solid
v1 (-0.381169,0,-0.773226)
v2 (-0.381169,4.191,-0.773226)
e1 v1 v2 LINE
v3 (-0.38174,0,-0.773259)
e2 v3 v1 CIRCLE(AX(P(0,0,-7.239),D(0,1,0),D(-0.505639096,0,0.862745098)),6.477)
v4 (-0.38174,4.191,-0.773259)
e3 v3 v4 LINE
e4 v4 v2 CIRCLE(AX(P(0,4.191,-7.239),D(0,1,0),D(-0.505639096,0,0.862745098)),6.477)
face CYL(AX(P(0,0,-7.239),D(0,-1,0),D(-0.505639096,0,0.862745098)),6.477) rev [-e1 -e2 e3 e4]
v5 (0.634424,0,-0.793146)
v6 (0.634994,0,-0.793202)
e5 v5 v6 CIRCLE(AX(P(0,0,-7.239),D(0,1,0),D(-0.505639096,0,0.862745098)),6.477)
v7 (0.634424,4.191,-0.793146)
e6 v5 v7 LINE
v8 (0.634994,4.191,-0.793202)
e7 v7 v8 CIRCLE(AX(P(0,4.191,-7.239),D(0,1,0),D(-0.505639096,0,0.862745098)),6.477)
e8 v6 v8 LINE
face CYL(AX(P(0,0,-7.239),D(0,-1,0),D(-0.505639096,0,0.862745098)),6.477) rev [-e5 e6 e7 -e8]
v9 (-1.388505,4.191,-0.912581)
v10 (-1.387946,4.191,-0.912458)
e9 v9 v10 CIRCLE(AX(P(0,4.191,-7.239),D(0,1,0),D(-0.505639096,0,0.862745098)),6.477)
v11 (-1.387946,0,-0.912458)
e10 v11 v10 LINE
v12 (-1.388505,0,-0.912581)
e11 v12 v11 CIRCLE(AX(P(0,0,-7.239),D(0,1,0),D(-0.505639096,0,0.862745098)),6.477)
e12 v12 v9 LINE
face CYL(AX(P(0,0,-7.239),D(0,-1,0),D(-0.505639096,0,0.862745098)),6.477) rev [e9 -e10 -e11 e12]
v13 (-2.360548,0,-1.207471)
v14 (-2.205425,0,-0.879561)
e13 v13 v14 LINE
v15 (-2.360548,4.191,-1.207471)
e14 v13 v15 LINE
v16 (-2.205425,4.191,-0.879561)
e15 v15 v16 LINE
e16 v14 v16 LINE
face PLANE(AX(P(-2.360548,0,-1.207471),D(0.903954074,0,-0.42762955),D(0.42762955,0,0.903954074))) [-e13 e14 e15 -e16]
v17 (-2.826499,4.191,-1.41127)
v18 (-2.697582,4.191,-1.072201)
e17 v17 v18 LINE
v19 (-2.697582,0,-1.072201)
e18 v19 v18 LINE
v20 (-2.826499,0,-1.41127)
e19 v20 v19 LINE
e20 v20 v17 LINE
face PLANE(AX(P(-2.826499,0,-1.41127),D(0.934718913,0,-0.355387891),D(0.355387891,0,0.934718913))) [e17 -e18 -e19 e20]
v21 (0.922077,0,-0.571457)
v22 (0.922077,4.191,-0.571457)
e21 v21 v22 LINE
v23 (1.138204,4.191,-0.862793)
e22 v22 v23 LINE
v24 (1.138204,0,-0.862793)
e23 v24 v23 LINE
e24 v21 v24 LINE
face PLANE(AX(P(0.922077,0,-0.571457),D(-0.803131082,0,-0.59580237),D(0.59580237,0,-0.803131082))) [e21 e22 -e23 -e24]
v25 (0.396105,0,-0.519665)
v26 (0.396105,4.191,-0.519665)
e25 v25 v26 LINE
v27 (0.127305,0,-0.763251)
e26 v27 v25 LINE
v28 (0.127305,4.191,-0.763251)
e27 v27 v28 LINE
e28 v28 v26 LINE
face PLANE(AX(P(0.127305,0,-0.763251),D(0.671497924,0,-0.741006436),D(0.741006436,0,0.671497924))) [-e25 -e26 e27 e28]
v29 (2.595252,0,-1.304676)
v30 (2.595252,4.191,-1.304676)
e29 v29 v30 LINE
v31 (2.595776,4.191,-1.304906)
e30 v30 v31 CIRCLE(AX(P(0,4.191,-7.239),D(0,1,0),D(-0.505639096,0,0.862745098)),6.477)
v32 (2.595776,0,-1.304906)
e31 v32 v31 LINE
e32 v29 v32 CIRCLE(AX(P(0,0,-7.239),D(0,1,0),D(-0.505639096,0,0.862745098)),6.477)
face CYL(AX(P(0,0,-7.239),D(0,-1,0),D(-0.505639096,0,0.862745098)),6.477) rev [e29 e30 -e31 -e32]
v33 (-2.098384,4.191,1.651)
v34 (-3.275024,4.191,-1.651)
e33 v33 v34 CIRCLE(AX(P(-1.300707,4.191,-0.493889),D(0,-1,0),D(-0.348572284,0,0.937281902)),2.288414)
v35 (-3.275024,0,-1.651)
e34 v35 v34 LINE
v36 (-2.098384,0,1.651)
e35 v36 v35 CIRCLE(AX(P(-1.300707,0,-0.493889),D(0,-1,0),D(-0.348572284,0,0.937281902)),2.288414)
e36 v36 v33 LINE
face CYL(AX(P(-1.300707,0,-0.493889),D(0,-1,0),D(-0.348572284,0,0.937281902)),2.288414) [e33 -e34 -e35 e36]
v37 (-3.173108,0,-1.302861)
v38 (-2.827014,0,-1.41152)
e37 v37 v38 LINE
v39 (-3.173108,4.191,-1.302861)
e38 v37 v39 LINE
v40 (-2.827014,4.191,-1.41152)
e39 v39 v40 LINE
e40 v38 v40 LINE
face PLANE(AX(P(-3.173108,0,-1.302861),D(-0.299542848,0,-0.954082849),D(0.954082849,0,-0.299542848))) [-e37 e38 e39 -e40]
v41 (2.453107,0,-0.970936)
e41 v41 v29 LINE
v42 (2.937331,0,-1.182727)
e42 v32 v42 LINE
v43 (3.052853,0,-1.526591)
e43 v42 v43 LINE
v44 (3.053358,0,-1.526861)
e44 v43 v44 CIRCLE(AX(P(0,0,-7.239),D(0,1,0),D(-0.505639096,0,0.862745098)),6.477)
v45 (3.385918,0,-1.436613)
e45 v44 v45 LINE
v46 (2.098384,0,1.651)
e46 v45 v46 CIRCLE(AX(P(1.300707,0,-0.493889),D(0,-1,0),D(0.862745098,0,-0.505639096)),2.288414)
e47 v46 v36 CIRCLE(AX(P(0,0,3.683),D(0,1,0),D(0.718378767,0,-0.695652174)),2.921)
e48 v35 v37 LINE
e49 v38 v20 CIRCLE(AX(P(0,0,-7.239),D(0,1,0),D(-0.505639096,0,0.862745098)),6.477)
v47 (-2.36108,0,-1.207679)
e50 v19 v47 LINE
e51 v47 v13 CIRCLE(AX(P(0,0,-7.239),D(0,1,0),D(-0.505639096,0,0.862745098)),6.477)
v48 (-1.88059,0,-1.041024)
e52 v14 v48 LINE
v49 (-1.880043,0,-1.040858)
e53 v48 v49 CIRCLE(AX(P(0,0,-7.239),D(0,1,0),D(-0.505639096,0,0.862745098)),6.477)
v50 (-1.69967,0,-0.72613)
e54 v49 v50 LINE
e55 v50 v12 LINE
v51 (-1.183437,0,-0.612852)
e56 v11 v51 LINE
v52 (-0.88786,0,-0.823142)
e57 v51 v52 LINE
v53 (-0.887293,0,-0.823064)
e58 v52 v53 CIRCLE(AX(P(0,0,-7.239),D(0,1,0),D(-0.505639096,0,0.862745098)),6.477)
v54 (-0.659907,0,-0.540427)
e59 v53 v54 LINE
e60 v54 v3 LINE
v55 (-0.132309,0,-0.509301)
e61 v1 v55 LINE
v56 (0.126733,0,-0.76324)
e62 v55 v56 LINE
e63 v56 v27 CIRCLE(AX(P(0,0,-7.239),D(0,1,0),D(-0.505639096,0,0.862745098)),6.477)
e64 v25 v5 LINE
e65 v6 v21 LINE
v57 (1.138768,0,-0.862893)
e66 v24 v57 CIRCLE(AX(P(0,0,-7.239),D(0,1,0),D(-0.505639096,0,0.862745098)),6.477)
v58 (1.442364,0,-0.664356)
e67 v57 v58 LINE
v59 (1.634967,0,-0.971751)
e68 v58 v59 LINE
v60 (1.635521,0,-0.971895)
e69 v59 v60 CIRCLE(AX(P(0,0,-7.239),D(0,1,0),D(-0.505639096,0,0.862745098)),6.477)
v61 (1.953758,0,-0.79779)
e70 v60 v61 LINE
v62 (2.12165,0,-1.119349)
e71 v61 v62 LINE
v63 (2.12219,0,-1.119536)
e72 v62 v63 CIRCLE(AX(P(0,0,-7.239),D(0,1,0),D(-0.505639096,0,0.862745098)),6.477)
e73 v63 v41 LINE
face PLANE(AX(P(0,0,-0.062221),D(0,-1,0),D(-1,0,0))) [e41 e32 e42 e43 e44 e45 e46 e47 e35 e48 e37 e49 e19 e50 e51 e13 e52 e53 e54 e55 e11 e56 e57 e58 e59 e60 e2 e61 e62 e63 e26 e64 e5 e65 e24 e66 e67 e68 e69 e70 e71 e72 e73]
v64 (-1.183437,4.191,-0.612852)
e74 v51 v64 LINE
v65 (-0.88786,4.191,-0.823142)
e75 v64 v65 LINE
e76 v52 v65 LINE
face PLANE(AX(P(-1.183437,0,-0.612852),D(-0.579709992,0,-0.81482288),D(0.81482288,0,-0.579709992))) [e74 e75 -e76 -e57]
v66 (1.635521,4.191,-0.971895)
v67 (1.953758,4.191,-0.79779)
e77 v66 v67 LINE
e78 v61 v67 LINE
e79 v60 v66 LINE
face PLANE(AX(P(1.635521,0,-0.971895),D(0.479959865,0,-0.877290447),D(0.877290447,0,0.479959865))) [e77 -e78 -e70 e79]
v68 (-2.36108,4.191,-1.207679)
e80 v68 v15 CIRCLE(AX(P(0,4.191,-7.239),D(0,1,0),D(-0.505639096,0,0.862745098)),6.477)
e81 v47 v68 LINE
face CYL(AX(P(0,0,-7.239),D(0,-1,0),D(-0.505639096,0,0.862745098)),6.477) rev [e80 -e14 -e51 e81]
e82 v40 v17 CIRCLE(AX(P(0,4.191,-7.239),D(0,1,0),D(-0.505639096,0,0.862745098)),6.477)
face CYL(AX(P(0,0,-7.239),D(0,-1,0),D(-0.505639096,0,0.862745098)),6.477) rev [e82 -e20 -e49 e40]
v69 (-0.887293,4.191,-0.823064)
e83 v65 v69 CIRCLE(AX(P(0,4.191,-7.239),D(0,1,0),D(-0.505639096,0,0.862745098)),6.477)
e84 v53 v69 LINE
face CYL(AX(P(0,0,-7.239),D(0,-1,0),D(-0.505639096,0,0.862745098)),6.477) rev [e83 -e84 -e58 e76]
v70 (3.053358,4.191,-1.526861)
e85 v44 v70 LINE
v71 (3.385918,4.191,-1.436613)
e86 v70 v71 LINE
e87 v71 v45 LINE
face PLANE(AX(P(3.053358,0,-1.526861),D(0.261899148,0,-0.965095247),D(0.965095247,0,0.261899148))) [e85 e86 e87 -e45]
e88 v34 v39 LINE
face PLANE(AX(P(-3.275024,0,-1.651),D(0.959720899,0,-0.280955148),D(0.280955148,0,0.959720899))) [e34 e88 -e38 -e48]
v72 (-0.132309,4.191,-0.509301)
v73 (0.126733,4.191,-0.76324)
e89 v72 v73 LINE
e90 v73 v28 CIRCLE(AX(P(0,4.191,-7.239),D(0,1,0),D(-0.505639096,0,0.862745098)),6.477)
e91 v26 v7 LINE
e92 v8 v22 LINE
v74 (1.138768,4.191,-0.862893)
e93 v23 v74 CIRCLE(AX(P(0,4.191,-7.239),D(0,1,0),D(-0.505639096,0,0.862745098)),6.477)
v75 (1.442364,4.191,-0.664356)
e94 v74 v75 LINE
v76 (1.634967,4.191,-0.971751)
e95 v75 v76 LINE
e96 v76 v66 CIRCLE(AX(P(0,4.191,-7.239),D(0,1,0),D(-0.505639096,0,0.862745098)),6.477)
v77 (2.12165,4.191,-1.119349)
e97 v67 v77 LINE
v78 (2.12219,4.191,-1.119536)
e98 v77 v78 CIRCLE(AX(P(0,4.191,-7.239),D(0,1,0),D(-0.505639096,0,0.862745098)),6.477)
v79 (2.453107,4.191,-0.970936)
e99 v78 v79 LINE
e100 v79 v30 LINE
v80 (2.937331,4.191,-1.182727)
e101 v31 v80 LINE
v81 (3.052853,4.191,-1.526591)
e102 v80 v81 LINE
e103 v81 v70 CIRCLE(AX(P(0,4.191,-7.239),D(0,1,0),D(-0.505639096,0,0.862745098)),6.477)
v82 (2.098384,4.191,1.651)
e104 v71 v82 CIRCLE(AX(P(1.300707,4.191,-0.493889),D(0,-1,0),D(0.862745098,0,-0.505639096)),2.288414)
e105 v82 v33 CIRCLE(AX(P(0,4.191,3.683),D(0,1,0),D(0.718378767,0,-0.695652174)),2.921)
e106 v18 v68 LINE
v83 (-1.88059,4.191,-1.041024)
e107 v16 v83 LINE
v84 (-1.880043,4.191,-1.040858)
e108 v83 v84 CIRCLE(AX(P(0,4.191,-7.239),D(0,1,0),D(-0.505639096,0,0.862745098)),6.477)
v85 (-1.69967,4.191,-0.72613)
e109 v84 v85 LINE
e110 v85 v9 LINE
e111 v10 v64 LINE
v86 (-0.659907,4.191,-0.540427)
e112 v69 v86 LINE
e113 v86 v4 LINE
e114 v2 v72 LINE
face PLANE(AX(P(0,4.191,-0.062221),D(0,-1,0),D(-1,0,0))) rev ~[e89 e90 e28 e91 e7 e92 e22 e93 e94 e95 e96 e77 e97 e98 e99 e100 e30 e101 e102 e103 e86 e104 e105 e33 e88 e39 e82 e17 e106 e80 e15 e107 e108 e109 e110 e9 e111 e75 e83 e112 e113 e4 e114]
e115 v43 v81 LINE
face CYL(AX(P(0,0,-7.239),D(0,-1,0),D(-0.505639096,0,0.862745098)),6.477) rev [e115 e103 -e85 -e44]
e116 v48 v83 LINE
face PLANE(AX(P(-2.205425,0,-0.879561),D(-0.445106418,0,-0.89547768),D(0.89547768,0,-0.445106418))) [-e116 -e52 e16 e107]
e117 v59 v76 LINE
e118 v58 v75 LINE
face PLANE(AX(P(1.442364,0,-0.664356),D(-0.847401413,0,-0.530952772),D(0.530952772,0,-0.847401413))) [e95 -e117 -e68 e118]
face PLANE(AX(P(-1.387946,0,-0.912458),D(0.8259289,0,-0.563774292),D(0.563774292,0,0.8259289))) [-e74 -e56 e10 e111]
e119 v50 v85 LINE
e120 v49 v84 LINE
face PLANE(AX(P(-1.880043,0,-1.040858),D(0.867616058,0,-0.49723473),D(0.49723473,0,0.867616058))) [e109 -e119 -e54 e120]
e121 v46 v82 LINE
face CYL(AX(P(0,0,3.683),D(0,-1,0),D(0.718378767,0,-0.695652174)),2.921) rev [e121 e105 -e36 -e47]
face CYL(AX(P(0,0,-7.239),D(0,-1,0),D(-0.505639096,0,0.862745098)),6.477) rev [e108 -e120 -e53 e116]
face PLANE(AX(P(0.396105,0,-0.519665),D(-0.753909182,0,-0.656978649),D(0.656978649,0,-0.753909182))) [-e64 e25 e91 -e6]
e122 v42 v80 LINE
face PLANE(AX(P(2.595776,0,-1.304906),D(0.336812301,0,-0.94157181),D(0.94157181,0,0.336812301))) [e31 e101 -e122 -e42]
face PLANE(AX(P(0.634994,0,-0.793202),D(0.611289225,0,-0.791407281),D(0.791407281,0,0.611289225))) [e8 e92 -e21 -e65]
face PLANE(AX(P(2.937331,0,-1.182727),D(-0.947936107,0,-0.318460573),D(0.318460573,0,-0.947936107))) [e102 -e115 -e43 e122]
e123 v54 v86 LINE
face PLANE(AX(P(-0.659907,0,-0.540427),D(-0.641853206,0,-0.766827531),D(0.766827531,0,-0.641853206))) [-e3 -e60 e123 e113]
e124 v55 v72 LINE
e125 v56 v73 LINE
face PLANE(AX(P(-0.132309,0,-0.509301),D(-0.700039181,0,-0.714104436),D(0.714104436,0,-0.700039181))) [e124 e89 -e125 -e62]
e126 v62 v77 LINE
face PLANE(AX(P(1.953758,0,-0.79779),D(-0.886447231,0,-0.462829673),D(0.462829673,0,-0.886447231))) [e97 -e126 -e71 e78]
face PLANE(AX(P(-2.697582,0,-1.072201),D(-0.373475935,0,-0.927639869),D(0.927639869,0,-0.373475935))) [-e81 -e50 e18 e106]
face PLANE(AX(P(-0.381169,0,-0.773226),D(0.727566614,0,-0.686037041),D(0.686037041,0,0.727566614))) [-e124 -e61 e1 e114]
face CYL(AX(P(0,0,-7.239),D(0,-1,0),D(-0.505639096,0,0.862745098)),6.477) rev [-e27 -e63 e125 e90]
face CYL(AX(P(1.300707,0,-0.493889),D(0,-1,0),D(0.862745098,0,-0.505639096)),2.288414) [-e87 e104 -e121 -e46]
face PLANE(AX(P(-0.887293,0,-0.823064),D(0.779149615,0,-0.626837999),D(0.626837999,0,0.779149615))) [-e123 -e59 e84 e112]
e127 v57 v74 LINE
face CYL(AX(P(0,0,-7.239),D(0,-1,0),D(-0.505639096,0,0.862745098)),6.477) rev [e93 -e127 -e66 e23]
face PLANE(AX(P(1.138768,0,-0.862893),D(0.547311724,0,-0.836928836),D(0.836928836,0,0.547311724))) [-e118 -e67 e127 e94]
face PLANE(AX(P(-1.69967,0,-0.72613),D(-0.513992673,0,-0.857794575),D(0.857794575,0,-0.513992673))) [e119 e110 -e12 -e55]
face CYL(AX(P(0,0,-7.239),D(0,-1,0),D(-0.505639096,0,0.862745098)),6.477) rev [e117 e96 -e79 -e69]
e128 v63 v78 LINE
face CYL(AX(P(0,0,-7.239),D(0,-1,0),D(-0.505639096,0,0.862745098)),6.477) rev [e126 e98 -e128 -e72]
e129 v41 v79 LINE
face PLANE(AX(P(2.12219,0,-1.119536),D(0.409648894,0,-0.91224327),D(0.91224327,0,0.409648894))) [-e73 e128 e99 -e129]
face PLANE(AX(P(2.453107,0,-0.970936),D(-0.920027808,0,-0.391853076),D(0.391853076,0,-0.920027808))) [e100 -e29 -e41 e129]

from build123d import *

# Parameters (mm, degrees)
BOSS_EXTRUDE1_DEPTH = 4.191
CUT_EXTRUDE1_START  = -4.191
CUT_EXTRUDE1_DEPTH  = 4.191
CIRPATTERN1_COUNT   = 15
CIRPATTERN1_ANGLE   = 63


with BuildPart() as part:
    # Sketch1 → Boss-Extrude1 (new body)
    with BuildSketch(Plane(origin=(0, 0, 0), x_dir=(1, 0, 0), z_dir=(0, 1, 0))):
        with BuildLine():
            ThreePointArc((-3.275024427, 1.651), (0, 0.762), (3.275024427, 1.651))
            ThreePointArc((3.275024427, 1.651), (3.45634833, -0.274256168), (2.098384379, -1.651))
            ThreePointArc((2.098384379, -1.651), (0, -0.762), (-2.098384379, -1.651))
            ThreePointArc((-2.098384379, -1.651), (-3.45634833, -0.274256168), (-3.275024427, 1.651))
        make_face()
    extrude(amount=BOSS_EXTRUDE1_DEPTH)

    # Sketch2 → Cut-Extrude1 (cut)
    with BuildSketch(Plane(origin=(0, 4.191, 0), x_dir=(1, 0, 0), z_dir=(0, 1, 0)).offset(CUT_EXTRUDE1_START)):
        with BuildLine():
            ThreePointArc((-3.053367923, 1.526866132), (-3.16480485, 1.587846201), (-3.275024427, 1.651))
            Line((-3.275024427, 1.651), (-3.173107841, 1.302860882))
            Line((-3.173107841, 1.302860882), (-3.053367923, 1.526866132))
        make_face()
        with BuildLine():
            Line((-3.053367923, 1.526866132), (-3.173107841, 1.302860882))
            Line((-3.173107841, 1.302860882), (-2.827013928, 1.411520163))
            ThreePointArc((-2.827013928, 1.411520163), (-2.94075651, 1.468083249), (-3.053367923, 1.526866132))
        make_face()
    cut_extrude1 = extrude(amount=CUT_EXTRUDE1_DEPTH, mode=Mode.SUBTRACT)

    # CirPattern1: Cut-Extrude1 ×15 about axis
    cirpattern1_axis = Axis((0, 0, -7.239), (0, 1, 0))
    for i in range(1, CIRPATTERN1_COUNT):
        add(cut_extrude1.rotate(cirpattern1_axis, i * CIRPATTERN1_ANGLE / (CIRPATTERN1_COUNT - 1)), mode=Mode.SUBTRACT)


solid = part.part
